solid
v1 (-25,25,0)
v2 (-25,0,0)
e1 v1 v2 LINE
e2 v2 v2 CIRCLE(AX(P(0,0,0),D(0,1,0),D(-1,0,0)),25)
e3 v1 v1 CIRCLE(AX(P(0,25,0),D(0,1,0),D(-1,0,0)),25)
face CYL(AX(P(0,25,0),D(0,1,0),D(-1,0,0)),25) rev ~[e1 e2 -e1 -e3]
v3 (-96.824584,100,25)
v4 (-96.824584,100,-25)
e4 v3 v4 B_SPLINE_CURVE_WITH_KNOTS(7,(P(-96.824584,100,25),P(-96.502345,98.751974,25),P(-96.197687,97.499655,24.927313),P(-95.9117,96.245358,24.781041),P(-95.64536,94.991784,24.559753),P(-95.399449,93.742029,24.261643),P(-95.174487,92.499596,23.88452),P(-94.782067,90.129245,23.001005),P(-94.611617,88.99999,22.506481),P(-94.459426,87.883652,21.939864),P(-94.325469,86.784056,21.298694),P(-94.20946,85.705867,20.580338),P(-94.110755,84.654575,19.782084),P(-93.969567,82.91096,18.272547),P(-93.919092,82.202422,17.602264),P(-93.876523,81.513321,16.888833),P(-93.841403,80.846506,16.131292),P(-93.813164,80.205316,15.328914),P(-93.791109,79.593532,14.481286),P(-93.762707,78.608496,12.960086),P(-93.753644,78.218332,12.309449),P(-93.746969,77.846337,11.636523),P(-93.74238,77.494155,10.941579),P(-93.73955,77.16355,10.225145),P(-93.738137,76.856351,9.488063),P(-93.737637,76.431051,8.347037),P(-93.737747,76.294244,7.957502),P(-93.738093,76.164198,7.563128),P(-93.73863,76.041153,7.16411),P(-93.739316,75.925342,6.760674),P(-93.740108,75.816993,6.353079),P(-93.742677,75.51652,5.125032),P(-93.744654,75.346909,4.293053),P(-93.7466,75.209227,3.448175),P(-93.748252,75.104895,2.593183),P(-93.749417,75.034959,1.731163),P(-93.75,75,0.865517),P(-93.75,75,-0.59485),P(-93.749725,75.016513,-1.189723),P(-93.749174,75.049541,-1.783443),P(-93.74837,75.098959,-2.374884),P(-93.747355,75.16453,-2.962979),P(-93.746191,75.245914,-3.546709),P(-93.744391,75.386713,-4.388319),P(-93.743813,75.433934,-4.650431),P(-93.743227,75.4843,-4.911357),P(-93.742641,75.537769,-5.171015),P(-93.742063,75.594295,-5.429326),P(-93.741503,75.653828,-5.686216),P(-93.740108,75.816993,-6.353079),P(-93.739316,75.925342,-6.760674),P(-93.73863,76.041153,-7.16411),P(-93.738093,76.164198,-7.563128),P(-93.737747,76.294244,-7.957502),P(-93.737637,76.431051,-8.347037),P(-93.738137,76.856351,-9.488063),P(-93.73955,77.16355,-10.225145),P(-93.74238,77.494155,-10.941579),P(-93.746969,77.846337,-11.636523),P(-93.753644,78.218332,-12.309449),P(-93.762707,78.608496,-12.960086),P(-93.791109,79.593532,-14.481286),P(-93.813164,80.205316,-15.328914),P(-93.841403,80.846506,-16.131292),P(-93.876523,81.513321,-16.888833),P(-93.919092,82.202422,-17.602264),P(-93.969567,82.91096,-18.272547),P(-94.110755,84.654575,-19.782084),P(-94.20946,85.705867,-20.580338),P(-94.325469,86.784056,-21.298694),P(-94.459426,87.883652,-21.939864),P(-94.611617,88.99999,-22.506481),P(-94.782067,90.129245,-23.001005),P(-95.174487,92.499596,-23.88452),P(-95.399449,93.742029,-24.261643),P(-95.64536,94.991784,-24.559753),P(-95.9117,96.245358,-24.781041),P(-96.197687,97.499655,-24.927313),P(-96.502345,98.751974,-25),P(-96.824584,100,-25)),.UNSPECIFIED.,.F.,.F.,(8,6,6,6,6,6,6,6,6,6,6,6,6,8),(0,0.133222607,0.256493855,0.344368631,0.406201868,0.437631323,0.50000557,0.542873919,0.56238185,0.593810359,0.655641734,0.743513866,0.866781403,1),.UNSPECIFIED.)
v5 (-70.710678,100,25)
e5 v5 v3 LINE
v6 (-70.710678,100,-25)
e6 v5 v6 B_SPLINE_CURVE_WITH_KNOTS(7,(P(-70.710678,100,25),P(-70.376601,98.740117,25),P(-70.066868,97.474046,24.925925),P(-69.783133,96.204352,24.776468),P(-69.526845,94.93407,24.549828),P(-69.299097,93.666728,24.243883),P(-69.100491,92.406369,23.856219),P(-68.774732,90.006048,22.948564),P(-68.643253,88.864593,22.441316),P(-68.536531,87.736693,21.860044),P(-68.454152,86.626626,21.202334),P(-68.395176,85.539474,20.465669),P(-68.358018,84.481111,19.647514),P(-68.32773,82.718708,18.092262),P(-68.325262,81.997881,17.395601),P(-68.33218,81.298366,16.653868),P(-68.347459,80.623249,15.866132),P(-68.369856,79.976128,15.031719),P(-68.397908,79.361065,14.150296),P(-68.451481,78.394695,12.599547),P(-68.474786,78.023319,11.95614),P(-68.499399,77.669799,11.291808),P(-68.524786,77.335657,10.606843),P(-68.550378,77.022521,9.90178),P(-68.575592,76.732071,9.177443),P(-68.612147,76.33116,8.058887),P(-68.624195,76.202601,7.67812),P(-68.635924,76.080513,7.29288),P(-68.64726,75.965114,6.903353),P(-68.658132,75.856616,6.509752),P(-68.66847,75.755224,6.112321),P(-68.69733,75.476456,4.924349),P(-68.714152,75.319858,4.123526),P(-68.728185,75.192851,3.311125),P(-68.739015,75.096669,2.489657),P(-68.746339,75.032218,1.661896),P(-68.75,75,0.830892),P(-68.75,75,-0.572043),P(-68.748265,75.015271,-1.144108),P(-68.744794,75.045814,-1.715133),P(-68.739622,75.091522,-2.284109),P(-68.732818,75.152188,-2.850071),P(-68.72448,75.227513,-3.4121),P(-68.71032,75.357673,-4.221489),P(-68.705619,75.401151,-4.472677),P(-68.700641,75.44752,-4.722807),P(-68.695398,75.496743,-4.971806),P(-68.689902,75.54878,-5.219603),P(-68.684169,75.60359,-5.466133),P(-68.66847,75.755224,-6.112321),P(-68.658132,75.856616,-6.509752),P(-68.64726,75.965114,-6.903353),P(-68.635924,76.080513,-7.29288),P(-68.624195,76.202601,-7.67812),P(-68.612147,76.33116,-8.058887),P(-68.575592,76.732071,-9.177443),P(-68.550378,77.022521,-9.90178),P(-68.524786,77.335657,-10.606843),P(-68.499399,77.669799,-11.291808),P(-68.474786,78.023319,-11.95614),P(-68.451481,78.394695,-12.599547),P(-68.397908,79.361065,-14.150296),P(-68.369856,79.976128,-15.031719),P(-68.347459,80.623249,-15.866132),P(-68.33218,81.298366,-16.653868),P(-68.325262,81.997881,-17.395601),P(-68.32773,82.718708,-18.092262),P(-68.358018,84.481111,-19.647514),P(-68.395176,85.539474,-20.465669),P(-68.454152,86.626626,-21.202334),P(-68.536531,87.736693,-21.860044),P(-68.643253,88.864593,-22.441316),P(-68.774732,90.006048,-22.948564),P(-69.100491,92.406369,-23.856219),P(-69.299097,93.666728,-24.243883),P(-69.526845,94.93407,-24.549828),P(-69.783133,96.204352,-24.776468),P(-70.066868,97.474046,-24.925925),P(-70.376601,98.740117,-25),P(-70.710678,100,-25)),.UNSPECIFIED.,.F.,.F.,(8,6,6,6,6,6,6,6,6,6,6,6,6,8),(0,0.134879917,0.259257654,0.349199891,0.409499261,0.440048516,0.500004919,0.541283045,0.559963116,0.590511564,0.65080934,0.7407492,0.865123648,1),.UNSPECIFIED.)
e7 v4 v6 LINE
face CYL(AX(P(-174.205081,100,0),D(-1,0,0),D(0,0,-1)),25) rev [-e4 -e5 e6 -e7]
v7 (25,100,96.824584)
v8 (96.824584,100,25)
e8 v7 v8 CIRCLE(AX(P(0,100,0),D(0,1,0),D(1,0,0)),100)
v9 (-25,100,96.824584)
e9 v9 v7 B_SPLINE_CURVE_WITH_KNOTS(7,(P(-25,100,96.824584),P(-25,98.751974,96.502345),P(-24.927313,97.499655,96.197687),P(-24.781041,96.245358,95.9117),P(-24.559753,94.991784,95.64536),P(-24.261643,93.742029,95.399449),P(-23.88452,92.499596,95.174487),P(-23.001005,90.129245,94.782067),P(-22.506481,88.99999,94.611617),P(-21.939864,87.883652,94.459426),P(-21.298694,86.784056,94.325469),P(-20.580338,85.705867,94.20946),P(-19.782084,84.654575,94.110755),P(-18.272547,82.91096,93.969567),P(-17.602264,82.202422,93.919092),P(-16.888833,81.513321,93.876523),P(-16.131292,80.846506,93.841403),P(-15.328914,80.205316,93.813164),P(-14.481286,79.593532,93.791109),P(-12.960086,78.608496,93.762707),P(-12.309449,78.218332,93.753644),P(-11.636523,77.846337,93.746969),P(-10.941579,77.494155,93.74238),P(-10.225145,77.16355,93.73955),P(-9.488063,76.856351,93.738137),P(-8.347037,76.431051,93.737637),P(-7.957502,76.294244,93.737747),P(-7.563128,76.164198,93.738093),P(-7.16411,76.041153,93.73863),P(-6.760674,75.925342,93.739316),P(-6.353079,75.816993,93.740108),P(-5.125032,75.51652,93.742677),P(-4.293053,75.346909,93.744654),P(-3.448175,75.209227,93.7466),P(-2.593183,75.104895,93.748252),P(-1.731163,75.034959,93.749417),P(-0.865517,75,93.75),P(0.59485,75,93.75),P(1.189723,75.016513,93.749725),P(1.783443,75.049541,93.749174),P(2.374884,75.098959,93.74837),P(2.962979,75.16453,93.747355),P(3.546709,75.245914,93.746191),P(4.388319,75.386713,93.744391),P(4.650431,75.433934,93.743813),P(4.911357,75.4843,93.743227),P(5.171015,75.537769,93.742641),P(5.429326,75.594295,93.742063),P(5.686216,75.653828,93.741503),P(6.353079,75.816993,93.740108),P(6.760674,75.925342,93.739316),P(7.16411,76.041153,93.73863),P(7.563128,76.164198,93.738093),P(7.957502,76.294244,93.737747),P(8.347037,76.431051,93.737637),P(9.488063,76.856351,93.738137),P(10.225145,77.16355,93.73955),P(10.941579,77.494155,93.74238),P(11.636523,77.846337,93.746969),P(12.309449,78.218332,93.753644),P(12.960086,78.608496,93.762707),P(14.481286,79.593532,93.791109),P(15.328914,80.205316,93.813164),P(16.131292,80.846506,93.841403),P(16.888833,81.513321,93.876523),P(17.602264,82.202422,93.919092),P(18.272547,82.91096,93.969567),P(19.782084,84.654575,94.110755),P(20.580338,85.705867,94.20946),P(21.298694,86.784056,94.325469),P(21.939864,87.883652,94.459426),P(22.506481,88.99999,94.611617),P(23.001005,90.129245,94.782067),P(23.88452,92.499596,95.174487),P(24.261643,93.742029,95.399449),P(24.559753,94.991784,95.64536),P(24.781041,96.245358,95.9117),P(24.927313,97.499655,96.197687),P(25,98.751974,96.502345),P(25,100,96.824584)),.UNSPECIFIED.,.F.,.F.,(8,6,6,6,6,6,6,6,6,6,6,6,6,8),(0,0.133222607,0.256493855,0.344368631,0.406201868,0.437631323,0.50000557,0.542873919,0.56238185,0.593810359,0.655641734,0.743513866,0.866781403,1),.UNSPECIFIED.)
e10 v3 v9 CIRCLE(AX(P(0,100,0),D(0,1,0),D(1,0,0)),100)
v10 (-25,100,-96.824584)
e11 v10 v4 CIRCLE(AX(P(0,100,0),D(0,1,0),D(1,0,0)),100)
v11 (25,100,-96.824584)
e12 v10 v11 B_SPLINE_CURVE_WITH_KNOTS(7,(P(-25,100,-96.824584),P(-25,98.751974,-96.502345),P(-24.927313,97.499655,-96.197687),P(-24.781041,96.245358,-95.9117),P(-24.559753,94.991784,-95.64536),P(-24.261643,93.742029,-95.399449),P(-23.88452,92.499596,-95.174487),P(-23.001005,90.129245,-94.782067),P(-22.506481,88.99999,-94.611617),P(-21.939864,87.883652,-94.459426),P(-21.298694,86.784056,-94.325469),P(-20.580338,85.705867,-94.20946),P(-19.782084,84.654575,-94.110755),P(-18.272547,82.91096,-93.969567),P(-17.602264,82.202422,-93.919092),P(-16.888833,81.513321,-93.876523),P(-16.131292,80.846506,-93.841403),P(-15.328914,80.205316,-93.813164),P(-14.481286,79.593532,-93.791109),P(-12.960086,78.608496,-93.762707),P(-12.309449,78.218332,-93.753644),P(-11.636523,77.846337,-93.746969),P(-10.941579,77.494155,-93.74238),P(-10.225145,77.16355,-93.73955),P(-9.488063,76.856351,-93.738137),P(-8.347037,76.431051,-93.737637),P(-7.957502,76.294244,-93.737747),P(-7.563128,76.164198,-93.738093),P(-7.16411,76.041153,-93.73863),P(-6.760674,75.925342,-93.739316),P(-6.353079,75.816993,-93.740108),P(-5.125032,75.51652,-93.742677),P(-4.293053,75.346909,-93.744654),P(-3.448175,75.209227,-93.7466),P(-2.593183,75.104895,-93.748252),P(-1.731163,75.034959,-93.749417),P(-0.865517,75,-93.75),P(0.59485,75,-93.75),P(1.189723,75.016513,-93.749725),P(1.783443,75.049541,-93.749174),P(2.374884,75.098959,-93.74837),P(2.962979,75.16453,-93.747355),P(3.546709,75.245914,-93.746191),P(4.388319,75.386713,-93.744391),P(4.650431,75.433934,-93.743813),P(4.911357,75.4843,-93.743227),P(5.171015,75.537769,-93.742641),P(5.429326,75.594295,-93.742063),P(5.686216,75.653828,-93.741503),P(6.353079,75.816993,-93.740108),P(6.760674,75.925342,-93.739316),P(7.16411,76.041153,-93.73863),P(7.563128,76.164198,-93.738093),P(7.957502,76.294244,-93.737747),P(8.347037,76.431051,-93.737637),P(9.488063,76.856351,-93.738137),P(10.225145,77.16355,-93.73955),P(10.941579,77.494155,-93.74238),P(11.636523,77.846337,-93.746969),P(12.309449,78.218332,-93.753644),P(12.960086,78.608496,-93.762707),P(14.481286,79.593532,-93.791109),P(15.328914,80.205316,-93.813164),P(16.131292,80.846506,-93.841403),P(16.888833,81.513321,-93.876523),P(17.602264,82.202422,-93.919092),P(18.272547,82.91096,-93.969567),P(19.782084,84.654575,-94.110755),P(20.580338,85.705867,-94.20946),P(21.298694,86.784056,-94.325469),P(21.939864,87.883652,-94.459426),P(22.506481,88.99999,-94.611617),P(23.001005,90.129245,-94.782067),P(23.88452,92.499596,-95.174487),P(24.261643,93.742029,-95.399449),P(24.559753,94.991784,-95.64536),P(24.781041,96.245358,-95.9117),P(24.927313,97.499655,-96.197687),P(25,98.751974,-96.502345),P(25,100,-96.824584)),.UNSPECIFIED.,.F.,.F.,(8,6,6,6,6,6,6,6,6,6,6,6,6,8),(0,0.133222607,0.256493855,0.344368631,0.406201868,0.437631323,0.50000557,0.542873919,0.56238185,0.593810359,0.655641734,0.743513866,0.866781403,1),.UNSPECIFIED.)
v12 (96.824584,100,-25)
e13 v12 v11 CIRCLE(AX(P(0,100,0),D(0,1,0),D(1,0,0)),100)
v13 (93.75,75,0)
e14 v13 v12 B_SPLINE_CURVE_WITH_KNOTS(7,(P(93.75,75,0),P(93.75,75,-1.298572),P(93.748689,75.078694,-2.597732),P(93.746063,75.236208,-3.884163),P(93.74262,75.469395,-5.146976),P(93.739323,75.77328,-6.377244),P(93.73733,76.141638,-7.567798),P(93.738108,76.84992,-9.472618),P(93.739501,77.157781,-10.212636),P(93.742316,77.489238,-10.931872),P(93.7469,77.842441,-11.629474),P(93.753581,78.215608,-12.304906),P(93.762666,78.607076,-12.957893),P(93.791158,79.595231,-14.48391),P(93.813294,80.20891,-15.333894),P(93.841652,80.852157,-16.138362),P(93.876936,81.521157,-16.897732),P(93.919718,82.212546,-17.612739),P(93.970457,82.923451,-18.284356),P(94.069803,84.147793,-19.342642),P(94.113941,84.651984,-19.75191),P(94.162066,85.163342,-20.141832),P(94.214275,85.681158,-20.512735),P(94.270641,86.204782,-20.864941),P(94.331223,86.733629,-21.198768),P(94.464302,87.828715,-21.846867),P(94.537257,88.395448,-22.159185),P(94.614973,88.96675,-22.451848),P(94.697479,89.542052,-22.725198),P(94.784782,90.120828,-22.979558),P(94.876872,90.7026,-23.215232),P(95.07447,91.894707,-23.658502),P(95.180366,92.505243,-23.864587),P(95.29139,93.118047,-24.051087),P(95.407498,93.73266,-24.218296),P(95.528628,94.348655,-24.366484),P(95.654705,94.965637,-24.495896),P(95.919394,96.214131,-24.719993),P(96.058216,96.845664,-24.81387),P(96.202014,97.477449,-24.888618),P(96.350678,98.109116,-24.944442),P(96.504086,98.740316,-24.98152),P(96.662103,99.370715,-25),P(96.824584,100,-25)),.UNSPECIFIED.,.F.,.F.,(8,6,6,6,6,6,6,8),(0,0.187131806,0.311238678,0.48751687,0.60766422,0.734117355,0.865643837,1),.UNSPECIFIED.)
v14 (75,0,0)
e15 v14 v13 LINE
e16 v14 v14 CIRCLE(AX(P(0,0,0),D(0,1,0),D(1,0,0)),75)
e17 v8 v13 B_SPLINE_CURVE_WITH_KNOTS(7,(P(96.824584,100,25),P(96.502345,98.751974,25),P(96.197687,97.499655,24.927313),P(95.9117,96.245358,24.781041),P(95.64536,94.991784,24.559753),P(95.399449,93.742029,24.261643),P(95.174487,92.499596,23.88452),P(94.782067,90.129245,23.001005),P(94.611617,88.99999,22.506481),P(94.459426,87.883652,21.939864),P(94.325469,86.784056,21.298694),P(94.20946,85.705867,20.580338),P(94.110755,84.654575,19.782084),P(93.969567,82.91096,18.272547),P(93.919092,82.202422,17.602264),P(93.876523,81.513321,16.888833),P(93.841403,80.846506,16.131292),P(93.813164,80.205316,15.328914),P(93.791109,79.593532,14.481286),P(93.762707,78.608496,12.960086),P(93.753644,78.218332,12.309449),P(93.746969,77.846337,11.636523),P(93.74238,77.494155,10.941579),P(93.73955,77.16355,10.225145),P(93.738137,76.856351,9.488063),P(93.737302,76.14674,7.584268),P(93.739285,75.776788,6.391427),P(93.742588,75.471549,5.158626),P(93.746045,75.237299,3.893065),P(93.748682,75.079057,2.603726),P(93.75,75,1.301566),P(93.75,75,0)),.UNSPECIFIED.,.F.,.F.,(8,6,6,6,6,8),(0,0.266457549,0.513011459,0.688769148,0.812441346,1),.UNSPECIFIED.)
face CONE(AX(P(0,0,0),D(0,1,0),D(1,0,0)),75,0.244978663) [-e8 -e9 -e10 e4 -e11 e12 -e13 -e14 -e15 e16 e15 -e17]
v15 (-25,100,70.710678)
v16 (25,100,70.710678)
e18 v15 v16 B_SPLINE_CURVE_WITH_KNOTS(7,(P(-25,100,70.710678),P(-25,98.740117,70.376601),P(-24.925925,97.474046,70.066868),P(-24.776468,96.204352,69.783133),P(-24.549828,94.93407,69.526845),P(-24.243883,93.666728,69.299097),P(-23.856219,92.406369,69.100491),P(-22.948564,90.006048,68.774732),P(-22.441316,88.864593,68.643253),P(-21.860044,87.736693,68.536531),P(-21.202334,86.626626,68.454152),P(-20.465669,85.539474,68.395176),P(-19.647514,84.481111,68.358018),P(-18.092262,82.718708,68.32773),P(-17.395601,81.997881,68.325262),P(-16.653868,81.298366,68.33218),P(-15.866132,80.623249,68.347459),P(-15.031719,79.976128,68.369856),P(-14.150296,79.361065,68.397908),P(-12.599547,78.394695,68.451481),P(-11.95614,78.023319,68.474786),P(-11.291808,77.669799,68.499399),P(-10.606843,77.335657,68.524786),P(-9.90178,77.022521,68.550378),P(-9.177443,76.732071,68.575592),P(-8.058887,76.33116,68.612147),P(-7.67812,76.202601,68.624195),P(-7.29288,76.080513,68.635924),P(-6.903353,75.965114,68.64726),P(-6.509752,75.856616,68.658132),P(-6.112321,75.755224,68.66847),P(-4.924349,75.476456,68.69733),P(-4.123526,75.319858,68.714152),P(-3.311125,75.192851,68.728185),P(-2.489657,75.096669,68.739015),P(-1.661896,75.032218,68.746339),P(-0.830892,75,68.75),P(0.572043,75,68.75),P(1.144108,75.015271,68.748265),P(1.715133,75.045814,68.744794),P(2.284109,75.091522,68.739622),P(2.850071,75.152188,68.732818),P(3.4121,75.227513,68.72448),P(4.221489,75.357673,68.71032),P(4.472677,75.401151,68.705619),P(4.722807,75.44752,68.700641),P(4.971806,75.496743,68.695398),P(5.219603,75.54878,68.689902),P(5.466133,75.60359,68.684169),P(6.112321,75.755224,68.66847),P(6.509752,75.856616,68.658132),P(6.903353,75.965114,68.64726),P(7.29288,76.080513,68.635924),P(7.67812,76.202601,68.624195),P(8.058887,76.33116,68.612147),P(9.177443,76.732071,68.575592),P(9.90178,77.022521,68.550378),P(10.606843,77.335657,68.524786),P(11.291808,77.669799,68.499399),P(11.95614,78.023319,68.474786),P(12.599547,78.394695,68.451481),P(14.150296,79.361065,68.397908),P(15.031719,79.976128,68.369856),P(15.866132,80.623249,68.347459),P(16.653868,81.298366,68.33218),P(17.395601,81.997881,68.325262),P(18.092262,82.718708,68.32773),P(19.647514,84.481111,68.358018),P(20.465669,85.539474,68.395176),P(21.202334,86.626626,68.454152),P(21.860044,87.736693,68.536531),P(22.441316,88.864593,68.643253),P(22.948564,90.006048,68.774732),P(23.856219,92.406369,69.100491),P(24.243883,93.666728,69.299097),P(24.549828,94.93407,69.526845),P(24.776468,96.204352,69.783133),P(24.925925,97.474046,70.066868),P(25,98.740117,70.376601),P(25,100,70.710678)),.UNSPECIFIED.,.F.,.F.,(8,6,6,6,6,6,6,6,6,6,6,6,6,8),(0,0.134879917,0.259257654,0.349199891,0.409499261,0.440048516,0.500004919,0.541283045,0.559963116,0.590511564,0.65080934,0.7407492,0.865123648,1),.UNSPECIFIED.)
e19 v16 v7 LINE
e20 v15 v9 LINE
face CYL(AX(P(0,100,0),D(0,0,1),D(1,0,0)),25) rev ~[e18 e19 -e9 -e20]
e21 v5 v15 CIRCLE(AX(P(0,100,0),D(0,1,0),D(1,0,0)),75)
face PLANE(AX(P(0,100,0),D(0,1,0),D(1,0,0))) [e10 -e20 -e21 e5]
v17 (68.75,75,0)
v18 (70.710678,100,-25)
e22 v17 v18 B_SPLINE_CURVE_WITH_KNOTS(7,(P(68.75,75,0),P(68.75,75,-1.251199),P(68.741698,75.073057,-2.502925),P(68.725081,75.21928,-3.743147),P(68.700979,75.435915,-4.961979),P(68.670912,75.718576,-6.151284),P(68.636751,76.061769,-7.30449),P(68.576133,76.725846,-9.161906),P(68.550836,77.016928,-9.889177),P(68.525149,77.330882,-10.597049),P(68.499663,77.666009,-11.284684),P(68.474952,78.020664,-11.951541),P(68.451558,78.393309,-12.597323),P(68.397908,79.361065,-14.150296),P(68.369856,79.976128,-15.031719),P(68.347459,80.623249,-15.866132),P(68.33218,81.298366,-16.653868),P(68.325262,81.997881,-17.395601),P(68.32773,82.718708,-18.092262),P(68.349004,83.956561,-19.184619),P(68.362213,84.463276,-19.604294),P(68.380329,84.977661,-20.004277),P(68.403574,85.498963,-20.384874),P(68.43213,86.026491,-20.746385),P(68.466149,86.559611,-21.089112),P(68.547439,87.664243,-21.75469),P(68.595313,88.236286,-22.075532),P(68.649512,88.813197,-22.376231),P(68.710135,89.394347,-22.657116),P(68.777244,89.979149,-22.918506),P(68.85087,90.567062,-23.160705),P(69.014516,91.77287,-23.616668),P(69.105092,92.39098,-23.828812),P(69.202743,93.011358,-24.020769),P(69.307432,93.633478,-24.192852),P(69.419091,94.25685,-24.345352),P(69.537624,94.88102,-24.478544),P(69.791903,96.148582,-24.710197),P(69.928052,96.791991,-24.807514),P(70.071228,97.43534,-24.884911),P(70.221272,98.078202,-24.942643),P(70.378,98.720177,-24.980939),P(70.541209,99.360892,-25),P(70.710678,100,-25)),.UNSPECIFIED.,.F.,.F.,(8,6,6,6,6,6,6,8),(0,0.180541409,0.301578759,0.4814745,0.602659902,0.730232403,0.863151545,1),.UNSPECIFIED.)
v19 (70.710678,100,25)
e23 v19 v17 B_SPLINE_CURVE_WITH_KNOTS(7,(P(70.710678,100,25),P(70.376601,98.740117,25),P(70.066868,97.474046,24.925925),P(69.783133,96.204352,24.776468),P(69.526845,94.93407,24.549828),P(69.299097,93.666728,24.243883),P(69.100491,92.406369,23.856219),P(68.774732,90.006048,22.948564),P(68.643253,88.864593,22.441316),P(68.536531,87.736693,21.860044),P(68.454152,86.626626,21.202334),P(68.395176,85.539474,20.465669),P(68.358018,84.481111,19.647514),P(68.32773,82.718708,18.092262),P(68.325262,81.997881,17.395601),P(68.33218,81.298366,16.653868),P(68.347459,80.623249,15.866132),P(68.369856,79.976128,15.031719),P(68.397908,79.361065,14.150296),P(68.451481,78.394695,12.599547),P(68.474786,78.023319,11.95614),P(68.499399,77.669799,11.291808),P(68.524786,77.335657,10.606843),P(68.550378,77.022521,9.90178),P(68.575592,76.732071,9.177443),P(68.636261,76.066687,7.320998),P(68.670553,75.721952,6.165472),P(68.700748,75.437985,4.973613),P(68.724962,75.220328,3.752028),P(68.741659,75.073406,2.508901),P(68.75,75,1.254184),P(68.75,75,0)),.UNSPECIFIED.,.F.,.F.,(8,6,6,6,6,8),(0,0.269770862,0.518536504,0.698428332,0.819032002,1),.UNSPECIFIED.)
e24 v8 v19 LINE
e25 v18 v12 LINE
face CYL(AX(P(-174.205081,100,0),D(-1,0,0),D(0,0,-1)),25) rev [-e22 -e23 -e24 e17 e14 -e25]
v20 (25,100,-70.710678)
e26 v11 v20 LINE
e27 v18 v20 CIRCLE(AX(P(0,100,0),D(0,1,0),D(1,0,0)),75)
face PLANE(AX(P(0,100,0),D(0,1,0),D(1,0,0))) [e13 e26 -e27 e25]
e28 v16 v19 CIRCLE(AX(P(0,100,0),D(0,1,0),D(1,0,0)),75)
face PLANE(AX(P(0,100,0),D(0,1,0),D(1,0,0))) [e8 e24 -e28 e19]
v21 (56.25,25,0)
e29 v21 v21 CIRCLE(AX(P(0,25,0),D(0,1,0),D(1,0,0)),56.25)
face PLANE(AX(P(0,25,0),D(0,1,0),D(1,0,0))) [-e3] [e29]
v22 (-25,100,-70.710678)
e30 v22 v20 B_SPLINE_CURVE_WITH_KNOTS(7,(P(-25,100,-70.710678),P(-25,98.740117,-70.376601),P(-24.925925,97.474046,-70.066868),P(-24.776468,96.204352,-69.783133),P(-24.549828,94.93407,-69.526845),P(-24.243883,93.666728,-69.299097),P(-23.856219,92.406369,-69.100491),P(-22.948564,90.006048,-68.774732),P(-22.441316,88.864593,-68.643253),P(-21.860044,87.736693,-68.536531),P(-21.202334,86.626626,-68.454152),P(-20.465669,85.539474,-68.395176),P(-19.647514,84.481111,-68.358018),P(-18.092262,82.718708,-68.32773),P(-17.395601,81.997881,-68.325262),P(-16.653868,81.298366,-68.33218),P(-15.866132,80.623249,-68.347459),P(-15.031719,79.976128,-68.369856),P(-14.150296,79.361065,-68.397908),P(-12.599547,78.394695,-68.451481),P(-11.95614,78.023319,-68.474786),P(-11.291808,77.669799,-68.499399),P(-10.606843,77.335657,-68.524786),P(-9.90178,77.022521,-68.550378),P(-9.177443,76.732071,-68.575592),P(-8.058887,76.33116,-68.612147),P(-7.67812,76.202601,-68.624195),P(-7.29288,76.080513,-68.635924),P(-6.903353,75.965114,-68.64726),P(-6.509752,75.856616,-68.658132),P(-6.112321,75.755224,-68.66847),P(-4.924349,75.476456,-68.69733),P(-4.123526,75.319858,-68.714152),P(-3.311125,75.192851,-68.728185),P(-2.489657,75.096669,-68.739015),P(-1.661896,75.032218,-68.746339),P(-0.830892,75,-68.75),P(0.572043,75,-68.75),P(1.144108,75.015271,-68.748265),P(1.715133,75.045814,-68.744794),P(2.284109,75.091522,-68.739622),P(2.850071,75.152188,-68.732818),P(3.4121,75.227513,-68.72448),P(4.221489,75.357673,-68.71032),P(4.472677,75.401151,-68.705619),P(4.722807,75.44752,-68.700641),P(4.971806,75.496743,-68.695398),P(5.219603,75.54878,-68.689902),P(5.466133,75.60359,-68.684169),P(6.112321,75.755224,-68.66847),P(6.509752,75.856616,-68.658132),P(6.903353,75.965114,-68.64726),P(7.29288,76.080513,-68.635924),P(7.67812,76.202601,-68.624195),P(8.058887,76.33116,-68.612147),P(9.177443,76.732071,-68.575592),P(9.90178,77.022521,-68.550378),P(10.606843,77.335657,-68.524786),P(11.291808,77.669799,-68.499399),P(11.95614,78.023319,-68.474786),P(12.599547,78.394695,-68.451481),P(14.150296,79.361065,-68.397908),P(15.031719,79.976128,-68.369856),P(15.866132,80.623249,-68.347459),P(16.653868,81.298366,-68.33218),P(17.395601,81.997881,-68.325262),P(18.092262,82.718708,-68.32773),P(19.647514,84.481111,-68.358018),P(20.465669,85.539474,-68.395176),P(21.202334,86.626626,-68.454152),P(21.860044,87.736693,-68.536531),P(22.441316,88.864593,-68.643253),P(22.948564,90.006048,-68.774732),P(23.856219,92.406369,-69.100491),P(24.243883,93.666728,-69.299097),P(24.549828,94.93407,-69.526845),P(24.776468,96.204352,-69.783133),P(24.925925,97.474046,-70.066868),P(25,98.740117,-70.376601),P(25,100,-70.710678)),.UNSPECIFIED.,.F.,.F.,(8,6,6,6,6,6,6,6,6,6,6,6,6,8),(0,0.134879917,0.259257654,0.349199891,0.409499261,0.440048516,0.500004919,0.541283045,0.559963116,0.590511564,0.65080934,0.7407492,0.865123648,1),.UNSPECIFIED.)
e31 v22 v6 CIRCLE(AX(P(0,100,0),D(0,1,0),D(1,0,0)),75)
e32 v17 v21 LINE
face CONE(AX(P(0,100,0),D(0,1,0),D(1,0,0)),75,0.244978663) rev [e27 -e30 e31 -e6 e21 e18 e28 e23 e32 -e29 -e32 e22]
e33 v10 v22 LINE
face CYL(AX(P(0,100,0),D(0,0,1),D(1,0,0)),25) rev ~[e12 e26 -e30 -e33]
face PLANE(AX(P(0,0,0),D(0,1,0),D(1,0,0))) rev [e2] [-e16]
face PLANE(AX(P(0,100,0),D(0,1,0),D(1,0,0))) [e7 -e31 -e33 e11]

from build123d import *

# Parameters (mm, degrees)
SKETCH2_R               = 25
CUT_EXTRUDE2_DEPTH      = 30
CUT_EXTRUDE3_DEPTH      = 174.205080757
CUT_EXTRUDE3_DEPTH_BACK = 174.205080757
SKETCH3_R               = 25
SKETCH4_R               = 25
CUT_EXTRUDE4_DEPTH      = 100


with BuildPart() as part:
    # Sketch1 → Revolve1 (revolve)
    with BuildSketch(Plane.XY):
        Polygon((0, 0), (75, 0), (100, 100), (75, 100), (56.25, 25), (0, 25), align=None)
    revolve(axis=Axis((0, 0, 0), (0, 1, 0)))

    # Sketch2 → Cut-Extrude2 (cut)
    with BuildSketch(Plane(origin=(0, 25, 0), x_dir=(1, 0, 0), z_dir=(0, 1, 0))):
        with Locations(Location((0, 0, 0), (0, 0, 180))):
            Circle(SKETCH2_R)
    extrude(amount=-CUT_EXTRUDE2_DEPTH, mode=Mode.SUBTRACT)

    # Sketch3 → Cut-Extrude3 (cut, two sides: drawn at the far end of the back side and taken through both)
    with BuildSketch(Plane(origin=(0, 0, 0), x_dir=(0, 0, -1), z_dir=(1, 0, 0)).offset(-CUT_EXTRUDE3_DEPTH_BACK)):
        with Locations((0, 100)):
            Circle(SKETCH3_R)
    extrude(amount=CUT_EXTRUDE3_DEPTH + CUT_EXTRUDE3_DEPTH_BACK, mode=Mode.SUBTRACT)

    # Sketch4 → Cut-Extrude4 (cut, symmetric)
    with BuildSketch(Plane.XY):
        with Locations((0, 100)):
            Circle(SKETCH4_R)
    extrude(amount=CUT_EXTRUDE4_DEPTH, both=True, mode=Mode.SUBTRACT)


solid = part.part
